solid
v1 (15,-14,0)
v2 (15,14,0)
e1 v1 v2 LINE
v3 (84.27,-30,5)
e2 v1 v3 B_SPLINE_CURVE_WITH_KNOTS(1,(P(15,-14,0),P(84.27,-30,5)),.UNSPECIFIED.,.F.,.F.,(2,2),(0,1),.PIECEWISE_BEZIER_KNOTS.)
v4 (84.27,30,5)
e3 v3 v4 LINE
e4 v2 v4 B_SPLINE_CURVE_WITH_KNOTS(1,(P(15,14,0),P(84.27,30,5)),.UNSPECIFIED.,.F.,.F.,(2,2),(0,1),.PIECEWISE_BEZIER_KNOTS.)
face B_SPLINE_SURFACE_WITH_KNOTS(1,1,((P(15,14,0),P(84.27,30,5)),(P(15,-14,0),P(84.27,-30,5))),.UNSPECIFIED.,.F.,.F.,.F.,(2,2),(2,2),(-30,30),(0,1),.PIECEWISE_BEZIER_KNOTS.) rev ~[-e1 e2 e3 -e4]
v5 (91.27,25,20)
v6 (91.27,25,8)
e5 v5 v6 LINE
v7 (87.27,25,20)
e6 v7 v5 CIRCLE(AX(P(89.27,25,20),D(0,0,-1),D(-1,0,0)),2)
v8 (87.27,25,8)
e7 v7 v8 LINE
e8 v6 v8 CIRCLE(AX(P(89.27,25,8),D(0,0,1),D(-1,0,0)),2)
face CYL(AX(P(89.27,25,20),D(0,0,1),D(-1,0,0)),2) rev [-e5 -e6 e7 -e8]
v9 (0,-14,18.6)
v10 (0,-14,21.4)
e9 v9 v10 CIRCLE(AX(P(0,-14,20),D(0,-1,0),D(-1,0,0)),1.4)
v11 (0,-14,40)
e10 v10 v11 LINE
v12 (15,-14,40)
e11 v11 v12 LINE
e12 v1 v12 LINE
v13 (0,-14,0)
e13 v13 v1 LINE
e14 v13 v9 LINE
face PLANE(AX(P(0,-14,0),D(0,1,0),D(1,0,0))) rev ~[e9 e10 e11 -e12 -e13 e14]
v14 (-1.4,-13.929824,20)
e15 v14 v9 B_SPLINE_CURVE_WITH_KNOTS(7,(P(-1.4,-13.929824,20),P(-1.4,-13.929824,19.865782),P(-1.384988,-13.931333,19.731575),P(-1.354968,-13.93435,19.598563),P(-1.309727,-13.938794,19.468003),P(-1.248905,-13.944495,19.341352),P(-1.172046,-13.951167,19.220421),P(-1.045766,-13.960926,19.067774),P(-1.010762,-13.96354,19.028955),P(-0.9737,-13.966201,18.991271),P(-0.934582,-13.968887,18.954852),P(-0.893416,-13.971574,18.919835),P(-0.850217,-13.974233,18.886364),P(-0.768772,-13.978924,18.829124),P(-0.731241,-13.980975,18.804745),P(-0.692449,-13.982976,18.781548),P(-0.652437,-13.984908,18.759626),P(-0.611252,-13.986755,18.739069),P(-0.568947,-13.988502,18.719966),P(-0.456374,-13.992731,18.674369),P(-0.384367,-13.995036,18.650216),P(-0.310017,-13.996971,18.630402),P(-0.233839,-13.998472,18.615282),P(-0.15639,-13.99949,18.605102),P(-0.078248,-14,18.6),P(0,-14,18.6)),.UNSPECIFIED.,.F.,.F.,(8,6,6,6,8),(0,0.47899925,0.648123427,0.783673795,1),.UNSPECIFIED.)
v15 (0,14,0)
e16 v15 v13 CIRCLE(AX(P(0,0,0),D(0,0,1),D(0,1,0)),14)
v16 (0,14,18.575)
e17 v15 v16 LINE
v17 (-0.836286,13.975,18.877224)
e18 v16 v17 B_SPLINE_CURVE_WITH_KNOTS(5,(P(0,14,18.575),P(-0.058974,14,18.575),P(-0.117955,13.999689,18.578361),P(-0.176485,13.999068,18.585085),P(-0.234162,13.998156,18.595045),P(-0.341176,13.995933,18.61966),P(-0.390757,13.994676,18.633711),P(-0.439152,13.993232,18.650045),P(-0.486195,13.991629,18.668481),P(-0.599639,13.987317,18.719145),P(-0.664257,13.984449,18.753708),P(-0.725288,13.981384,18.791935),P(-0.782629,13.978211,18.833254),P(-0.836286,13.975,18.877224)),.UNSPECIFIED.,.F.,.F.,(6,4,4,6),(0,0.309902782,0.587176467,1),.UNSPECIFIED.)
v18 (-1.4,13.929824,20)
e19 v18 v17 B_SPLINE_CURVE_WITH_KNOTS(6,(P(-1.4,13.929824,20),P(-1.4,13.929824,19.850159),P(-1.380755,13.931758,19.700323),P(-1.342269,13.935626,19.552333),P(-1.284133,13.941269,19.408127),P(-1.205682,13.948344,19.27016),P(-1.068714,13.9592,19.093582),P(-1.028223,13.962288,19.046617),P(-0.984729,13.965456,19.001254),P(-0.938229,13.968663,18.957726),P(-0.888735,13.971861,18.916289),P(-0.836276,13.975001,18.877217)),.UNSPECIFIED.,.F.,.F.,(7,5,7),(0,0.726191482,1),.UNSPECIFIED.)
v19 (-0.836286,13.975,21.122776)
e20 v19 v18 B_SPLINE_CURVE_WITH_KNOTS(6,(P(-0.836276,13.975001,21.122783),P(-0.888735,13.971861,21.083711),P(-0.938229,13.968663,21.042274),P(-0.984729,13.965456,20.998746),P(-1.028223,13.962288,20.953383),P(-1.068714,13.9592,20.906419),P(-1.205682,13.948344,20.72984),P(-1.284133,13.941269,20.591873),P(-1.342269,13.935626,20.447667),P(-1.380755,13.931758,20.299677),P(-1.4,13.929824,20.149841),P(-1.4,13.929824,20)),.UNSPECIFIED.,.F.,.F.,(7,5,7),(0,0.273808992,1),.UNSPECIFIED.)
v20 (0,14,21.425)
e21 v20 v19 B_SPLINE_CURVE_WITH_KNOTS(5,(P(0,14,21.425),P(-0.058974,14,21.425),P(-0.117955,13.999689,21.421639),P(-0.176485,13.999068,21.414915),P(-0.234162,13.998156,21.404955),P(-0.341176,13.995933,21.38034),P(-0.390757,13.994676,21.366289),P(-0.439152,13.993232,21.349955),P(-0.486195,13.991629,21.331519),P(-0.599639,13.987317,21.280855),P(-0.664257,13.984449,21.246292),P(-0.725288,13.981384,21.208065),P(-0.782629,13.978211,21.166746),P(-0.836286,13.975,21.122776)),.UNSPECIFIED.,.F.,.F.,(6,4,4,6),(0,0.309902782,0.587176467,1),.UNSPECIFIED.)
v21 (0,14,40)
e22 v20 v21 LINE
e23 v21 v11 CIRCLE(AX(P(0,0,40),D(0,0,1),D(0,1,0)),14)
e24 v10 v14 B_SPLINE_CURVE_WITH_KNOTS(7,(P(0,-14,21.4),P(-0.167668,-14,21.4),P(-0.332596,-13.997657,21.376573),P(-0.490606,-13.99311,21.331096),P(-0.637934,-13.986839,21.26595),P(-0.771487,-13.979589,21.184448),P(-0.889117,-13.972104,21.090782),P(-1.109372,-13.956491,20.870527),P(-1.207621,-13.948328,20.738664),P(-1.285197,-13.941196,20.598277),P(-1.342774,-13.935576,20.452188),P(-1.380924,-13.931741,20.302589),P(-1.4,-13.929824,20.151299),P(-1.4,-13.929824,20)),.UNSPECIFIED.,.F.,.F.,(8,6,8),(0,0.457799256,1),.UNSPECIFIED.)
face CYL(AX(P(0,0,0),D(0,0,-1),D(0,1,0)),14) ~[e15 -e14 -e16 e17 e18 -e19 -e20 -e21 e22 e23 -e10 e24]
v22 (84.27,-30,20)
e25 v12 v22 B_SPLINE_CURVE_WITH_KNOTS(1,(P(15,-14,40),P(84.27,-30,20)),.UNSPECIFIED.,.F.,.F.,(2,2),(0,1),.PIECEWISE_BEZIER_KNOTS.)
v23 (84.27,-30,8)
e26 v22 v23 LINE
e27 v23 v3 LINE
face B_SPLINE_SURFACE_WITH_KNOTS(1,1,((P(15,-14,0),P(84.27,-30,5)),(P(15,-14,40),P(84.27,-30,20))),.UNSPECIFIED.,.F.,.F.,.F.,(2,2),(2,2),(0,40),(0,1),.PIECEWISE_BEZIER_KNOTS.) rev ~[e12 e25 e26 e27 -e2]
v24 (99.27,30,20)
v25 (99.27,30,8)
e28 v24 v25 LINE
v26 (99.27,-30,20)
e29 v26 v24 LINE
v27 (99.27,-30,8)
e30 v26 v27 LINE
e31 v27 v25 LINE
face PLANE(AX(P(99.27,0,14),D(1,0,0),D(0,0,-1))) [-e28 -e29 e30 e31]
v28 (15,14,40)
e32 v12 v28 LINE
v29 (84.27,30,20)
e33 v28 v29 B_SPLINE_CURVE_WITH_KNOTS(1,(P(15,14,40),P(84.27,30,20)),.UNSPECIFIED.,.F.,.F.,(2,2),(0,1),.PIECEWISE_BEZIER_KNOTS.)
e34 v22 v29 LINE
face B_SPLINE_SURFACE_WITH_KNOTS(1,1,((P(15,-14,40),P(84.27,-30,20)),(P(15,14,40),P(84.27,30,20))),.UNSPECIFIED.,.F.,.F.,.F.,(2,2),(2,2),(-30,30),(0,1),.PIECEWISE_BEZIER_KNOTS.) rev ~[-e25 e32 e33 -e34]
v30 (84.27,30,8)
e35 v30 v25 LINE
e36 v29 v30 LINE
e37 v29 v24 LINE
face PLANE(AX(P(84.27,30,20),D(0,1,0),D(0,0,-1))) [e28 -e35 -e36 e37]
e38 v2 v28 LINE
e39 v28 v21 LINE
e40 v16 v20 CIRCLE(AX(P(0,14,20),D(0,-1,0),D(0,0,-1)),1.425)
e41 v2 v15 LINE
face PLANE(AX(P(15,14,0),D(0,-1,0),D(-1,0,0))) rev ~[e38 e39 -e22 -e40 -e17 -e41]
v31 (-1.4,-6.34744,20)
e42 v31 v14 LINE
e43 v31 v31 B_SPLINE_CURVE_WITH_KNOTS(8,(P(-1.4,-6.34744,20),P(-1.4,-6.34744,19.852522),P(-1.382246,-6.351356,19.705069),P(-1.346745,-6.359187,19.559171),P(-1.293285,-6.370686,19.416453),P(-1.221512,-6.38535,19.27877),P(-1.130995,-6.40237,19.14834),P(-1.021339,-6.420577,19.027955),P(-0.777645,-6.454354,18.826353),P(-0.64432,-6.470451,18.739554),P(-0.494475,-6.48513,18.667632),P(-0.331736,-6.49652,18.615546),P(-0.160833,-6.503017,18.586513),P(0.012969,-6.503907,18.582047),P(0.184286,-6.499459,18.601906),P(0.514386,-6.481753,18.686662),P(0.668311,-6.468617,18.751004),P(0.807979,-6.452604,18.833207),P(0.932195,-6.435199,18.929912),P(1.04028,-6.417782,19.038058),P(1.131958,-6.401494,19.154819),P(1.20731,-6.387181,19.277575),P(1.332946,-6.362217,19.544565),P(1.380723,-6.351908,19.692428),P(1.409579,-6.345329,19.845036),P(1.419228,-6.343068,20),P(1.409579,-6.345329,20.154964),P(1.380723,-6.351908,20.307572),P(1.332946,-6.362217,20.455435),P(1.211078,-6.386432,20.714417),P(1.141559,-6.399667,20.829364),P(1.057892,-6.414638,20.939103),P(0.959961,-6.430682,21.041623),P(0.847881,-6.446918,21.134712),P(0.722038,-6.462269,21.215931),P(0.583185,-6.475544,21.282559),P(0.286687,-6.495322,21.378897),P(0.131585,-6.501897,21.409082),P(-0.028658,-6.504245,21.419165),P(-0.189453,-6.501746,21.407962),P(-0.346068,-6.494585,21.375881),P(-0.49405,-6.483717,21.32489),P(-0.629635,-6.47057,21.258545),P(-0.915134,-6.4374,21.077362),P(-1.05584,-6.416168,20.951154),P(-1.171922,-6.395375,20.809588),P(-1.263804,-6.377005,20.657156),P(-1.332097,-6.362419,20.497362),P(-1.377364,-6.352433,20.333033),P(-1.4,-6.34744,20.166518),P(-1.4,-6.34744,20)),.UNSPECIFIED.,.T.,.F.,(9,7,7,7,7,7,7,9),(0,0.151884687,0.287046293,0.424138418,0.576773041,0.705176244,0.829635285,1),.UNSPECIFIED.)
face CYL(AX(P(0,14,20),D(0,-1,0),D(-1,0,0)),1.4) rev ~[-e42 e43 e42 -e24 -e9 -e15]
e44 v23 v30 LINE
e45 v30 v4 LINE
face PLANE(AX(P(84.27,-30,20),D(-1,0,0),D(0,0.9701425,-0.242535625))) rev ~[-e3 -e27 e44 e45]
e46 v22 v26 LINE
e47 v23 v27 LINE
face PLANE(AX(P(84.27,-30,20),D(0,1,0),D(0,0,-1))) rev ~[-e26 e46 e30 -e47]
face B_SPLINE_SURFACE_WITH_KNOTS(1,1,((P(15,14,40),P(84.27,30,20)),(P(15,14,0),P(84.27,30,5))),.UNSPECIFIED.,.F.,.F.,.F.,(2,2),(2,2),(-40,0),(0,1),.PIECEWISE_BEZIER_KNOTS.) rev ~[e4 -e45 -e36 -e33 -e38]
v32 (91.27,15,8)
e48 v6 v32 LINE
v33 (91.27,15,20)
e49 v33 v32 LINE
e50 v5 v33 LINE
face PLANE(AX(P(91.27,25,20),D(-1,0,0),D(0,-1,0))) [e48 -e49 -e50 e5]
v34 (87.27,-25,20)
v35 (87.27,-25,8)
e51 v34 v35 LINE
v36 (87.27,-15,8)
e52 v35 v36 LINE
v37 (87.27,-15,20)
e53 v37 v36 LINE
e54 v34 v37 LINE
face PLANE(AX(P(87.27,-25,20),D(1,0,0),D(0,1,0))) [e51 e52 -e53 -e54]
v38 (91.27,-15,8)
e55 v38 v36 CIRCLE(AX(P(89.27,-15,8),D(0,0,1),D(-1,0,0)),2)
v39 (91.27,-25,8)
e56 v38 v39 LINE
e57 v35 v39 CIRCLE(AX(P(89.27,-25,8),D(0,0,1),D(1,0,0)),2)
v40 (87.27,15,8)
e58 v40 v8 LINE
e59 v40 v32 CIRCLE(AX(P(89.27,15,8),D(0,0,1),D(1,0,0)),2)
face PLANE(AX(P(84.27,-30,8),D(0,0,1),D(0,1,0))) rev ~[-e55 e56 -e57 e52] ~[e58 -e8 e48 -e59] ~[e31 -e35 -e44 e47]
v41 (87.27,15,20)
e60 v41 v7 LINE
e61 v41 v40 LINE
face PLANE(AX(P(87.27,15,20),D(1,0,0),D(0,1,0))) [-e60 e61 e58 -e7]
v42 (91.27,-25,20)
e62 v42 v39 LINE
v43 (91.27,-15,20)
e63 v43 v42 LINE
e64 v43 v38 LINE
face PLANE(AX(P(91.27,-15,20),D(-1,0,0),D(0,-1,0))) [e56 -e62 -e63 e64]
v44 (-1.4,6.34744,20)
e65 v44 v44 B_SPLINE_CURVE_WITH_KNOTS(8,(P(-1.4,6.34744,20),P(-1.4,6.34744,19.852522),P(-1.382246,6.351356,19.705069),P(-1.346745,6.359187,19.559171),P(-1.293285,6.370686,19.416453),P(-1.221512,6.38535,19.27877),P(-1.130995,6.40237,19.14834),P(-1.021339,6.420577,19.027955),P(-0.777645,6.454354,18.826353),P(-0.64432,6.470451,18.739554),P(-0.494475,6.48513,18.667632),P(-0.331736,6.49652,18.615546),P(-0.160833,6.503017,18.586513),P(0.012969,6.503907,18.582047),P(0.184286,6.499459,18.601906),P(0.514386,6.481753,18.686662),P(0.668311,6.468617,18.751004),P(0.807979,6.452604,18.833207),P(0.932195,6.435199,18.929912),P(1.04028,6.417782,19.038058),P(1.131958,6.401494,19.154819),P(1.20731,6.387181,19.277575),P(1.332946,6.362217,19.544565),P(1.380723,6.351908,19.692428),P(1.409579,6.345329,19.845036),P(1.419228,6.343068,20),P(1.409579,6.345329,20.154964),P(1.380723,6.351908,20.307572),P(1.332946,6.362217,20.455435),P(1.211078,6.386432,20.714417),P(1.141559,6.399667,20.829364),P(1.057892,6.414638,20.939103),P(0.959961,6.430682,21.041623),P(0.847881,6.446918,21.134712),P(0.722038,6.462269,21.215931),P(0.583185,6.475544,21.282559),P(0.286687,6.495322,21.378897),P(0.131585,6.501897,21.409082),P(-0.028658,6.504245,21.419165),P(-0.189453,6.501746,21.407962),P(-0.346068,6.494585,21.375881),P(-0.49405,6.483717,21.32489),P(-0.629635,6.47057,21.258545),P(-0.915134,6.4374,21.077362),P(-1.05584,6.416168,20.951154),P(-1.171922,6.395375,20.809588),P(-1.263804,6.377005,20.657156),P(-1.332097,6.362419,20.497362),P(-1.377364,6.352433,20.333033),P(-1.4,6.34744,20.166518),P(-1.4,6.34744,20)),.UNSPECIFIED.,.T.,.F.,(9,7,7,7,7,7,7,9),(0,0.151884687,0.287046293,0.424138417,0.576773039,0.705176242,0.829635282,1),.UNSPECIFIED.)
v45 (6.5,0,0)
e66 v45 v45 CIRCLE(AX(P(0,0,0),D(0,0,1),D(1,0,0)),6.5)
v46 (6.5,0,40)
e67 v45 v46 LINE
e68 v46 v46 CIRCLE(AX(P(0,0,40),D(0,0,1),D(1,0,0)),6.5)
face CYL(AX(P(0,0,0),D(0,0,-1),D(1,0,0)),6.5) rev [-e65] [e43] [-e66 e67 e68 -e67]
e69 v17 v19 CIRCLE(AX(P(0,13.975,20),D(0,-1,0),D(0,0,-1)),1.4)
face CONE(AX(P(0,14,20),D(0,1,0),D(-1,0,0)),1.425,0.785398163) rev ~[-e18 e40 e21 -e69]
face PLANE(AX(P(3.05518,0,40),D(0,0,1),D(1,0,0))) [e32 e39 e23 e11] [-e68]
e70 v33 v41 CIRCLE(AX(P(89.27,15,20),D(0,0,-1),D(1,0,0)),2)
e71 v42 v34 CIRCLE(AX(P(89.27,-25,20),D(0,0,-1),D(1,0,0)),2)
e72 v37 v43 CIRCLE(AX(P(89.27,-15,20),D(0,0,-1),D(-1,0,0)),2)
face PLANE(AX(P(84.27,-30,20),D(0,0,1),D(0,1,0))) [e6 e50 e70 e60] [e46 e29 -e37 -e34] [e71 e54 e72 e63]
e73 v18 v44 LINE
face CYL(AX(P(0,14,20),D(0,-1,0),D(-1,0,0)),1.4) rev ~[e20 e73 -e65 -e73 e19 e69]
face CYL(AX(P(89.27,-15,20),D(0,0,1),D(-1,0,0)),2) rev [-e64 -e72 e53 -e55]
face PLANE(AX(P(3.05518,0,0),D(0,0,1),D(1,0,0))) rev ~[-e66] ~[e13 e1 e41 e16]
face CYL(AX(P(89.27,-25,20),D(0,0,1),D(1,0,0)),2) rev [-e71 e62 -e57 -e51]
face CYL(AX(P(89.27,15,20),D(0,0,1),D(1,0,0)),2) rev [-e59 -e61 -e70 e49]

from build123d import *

# Parameters (mm, degrees)
SKETCH_1_R                        = 6.5
EXTRUDE_1_DEPTH                   = 40
SKETCH_2_W                        = 15
SKETCH_2_H                        = 60
SKETCH_3_W                        = 12
SKETCH_3_H                        = 60
EXTRUDE_2_DEPTH                   = 15
CUT_EXTRUDE_1_DEPTH               = 21.0000001
HOLE_WIZARD_2_8_2_8_1_D           = 2.8
HOLE_WIZARD_2_8_2_8_1_CSINK_D     = 2.85
HOLE_WIZARD_2_8_2_8_1_CSINK_ANGLE = 90


with BuildPart() as part:
    # 草圖1 → 填料-伸長1 (new body)
    with BuildSketch(Plane.XY):
        with BuildLine():
            Line((15, 14), (0, 14))
            ThreePointArc((0, 14), (-14, 0), (0, -14))
            Line((0, -14), (15, -14))
            Line((15, -14), (15, 14))
        make_face()
        Circle(SKETCH_1_R, mode=Mode.SUBTRACT)
    extrude(amount=EXTRUDE_1_DEPTH)

    # 草圖2 → section 1 of loft_1
    with BuildSketch(Plane(origin=(84.27, 0, 0), x_dir=(0, 0, -1), z_dir=(1, 0, 0)), mode=Mode.PRIVATE) as loft_1_s1:
        with Locations((-12.5, 0)):
            Rectangle(SKETCH_2_W, SKETCH_2_H)
    # loft from a face of the part (loft_1)
    loft([part.faces().sort_by_distance((15, 0, 20))[0], loft_1_s1.sketch])

    # 草圖3 → 填料-伸長2 (add)
    with BuildSketch(Plane(origin=(84.27, 0, 0), x_dir=(0, 0, -1), z_dir=(1, 0, 0))):
        with Locations((-14, 0)):
            Rectangle(SKETCH_3_W, SKETCH_3_H)
    extrude(amount=EXTRUDE_2_DEPTH)

    # 草圖4 → 除料-伸長1 (cut, through all)
    with BuildSketch(Plane.XY.offset(20)):
        with BuildLine():
            Line((91.27, 25), (91.27, 15))
            ThreePointArc((91.27, 15), (89.27, 13), (87.27, 15))
            Line((87.27, 15), (87.27, 25))
            ThreePointArc((87.27, 25), (89.27, 27), (91.27, 25))
        make_face()
        with BuildLine():
            Line((91.27, -15), (91.27, -25))
            ThreePointArc((91.27, -25), (89.27, -27), (87.27, -25))
            Line((87.27, -25), (87.27, -15))
            ThreePointArc((87.27, -15), (89.27, -13), (91.27, -15))
        make_face()
    extrude(amount=-CUT_EXTRUDE_1_DEPTH, mode=Mode.SUBTRACT)

    # Ø2.8 (2.8) 直徑孔1 (through all)
    with Locations(Plane(origin=(0, 14, 0), x_dir=(1, 0, 0), z_dir=(0, 1, 0))):
        with Locations((0, -20)):
            CounterSinkHole(HOLE_WIZARD_2_8_2_8_1_D / 2, HOLE_WIZARD_2_8_2_8_1_CSINK_D / 2, counter_sink_angle=HOLE_WIZARD_2_8_2_8_1_CSINK_ANGLE)


solid = part.part
